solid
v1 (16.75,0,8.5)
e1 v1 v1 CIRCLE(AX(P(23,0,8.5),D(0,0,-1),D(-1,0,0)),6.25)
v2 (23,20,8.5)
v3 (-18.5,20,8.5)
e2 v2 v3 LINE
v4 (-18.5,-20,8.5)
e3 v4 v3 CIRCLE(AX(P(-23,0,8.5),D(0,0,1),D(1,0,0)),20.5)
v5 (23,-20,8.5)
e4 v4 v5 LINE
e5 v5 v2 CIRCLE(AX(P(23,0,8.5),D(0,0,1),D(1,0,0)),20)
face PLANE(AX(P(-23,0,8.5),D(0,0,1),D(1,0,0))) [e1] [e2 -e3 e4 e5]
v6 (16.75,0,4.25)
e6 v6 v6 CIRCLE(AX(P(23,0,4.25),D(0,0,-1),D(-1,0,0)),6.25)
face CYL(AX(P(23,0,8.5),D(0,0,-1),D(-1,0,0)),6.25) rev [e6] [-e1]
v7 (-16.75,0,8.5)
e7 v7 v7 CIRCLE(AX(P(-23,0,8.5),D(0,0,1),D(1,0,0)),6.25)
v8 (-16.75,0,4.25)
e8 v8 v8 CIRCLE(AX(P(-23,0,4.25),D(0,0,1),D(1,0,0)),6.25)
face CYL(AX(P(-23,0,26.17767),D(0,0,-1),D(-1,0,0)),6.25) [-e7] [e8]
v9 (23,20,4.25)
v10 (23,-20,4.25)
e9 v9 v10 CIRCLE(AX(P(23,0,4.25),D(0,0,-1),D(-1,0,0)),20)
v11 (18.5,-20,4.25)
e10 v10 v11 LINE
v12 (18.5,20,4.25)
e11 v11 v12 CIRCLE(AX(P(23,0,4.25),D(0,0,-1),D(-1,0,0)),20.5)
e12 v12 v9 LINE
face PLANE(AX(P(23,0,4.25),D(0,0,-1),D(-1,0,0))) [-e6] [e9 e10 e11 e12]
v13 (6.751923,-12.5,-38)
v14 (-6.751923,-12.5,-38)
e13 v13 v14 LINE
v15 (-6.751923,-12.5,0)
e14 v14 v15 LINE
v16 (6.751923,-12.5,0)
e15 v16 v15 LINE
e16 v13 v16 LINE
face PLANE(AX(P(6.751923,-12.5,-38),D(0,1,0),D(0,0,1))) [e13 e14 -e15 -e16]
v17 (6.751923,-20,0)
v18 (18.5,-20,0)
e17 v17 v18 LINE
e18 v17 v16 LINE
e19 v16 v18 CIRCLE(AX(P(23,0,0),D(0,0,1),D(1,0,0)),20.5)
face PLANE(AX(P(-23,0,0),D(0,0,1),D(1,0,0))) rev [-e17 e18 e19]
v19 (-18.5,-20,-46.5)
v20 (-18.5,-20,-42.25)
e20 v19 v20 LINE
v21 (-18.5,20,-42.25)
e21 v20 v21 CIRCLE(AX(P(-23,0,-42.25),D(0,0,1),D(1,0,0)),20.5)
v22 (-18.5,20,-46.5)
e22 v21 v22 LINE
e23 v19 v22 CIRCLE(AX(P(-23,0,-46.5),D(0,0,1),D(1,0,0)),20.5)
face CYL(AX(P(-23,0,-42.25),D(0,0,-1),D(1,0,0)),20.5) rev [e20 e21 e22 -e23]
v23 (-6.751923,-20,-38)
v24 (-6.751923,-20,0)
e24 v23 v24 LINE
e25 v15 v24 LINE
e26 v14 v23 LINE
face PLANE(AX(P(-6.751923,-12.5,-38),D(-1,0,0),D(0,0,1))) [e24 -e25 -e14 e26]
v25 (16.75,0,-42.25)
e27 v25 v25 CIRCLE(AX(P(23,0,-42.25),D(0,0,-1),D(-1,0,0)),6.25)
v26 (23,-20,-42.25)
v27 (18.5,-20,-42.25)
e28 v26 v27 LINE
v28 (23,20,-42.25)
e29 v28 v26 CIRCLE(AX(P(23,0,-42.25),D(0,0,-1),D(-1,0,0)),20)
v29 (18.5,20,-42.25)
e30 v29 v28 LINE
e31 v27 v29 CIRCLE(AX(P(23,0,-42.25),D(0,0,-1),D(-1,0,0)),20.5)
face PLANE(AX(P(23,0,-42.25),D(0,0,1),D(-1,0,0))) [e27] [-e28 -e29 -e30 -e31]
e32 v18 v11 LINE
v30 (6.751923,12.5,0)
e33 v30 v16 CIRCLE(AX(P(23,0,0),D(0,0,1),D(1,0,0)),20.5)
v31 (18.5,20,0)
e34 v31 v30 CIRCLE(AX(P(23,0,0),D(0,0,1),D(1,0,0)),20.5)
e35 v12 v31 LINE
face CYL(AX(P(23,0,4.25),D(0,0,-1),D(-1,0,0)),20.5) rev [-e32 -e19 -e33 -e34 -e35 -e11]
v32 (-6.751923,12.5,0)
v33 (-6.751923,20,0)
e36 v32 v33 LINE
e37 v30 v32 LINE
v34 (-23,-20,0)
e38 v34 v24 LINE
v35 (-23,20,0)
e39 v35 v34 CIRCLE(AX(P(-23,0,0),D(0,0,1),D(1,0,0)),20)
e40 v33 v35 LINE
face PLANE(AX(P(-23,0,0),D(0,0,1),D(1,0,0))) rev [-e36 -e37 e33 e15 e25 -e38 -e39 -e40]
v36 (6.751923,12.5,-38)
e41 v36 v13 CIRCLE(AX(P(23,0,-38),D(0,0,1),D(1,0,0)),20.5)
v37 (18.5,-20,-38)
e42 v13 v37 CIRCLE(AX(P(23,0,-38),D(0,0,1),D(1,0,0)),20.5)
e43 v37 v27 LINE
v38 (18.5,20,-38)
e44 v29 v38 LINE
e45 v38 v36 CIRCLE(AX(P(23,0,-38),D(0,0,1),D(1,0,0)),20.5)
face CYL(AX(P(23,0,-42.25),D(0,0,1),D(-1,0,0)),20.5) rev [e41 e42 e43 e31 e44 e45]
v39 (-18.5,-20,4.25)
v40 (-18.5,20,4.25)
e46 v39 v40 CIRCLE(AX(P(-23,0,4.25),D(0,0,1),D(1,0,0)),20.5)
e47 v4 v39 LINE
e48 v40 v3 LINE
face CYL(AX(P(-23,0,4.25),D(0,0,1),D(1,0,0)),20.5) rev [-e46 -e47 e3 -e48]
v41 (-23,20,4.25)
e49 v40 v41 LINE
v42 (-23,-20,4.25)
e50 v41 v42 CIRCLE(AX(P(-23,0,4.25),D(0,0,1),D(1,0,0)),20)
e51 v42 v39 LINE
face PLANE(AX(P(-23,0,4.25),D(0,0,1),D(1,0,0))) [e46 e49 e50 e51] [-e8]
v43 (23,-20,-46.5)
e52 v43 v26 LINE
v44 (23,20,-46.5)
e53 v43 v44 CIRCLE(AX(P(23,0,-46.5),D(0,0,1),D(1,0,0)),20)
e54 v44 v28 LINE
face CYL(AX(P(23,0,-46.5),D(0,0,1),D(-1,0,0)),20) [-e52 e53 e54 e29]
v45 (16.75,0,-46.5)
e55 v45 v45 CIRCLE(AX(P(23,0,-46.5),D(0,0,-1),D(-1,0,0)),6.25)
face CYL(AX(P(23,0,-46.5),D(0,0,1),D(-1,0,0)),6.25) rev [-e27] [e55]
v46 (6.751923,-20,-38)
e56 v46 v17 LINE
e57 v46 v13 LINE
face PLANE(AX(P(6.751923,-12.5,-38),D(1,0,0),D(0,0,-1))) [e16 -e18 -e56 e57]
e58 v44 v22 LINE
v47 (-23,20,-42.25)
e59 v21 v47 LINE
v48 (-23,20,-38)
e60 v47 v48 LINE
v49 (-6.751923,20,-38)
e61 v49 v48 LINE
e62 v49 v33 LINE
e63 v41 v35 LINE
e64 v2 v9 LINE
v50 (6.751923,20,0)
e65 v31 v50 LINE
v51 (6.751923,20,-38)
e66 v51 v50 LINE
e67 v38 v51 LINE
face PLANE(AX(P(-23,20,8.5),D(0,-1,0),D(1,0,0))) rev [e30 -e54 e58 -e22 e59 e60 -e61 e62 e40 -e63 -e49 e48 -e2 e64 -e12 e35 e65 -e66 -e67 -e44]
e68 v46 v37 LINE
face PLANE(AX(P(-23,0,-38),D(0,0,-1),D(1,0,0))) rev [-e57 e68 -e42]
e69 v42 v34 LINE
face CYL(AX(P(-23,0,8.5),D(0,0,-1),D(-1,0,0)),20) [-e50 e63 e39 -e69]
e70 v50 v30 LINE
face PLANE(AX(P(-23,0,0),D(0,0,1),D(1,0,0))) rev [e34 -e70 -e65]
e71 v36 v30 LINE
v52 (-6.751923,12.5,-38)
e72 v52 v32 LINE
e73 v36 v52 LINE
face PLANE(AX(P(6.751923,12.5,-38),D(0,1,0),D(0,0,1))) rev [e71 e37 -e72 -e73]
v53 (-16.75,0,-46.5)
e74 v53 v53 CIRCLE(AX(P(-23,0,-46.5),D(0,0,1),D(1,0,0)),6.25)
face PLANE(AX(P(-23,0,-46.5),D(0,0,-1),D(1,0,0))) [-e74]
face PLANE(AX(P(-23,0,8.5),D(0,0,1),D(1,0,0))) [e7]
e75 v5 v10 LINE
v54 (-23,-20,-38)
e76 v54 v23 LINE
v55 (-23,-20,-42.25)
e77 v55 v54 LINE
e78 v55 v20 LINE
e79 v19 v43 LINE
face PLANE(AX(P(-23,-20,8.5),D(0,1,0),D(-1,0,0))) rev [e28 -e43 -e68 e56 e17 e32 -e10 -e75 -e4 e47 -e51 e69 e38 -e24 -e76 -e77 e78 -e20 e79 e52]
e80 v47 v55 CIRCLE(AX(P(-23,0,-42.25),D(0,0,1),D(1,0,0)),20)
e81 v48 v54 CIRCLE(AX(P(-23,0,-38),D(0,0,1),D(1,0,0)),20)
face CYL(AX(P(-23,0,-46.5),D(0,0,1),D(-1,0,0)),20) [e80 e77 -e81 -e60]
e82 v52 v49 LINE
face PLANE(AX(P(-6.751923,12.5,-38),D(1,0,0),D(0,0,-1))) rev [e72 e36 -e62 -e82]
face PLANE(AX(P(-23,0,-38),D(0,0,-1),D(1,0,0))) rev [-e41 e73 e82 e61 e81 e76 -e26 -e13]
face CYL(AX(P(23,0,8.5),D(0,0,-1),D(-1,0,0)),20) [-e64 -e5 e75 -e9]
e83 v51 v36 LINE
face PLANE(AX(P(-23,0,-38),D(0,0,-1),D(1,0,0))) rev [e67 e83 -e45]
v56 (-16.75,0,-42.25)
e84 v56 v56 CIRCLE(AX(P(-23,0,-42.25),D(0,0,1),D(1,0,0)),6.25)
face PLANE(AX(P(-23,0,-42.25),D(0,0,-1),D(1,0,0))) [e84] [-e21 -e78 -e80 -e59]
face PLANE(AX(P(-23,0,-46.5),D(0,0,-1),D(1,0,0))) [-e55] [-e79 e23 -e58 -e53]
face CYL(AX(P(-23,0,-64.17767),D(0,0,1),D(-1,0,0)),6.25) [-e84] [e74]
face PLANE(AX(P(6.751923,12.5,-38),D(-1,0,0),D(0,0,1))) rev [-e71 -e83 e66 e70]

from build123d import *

# Parameters (mm, degrees)
BOSS_EXTRUDE1_DEPTH = 8.5
SKETCH2_R           = 20.5
CUT_EXTRUDE1_DEPTH  = 4.25
SKETCH3_R           = 20.5
CUT_EXTRUDE2_DEPTH  = 4.25
SKETCH4_R           = 6.25
CUT_EXTRUDE3_DEPTH  = 5.25
SKETCH5_R           = 6.25
BOSS_EXTRUDE2_DEPTH = 4.25
SKETCH6_W           = 13.503846382
SKETCH6_H           = 7.5
BOSS_EXTRUDE3_DEPTH = 38


with BuildPart() as part:
    # Sketch1 → Boss-Extrude1 (new body)
    with BuildSketch(Plane.XY):
        with BuildLine():
            Line((-23, 20), (23, 20))
            ThreePointArc((23, 20), (43, 0), (23, -20))
            Line((23, -20), (-23, -20))
            ThreePointArc((-23, -20), (-43, 0), (-23, 20))
        make_face()
    extrude(amount=BOSS_EXTRUDE1_DEPTH)

    # Sketch2 → Cut-Extrude1 (cut)
    with BuildSketch(Plane(origin=(0, 0, 0), x_dir=(-1, 0, 0), z_dir=(0, 0, -1))):
        with Locations((-23, 0)):
            Circle(SKETCH2_R)
    extrude(amount=-CUT_EXTRUDE1_DEPTH, mode=Mode.SUBTRACT)

    # Sketch3 → Cut-Extrude2 (cut)
    with BuildSketch(Plane.XY.offset(8.5)):
        with Locations((-23, 0)):
            Circle(SKETCH3_R)
    extrude(amount=-CUT_EXTRUDE2_DEPTH, mode=Mode.SUBTRACT)

    # Sketch4 → Cut-Extrude3 (cut, through all)
    with BuildSketch(Plane(origin=(0, 0, 4.25), x_dir=(-1, 0, 0), z_dir=(0, 0, -1))):
        with Locations((-23, 0)):
            Circle(SKETCH4_R)
    extrude(amount=-CUT_EXTRUDE3_DEPTH, mode=Mode.SUBTRACT)

    # Sketch5 → Boss-Extrude2 (add)
    with BuildSketch(Plane.XY.offset(4.25)):
        with Locations((-23, 0)):
            Circle(SKETCH5_R)
    extrude(amount=BOSS_EXTRUDE2_DEPTH)

    # Sketch6 → Boss-Extrude3 (add)
    with BuildSketch(Plane(origin=(0, 0, 0), x_dir=(-1, 0, 0), z_dir=(0, 0, -1))):
        with Locations((0, 16.25)):
            Rectangle(SKETCH6_W, SKETCH6_H)
    boss_extrude3 = extrude(amount=BOSS_EXTRUDE3_DEPTH)

    # Mirror1: Boss-Extrude3 across plane
    add(boss_extrude3.mirror(Plane.ZX))

    # Зеркальное отражение1: part across plane


with BuildPart() as part_1:
    add(part.part)
    add(part.part.mirror(Plane.XY.offset(-19)))


solid = part_1.part
